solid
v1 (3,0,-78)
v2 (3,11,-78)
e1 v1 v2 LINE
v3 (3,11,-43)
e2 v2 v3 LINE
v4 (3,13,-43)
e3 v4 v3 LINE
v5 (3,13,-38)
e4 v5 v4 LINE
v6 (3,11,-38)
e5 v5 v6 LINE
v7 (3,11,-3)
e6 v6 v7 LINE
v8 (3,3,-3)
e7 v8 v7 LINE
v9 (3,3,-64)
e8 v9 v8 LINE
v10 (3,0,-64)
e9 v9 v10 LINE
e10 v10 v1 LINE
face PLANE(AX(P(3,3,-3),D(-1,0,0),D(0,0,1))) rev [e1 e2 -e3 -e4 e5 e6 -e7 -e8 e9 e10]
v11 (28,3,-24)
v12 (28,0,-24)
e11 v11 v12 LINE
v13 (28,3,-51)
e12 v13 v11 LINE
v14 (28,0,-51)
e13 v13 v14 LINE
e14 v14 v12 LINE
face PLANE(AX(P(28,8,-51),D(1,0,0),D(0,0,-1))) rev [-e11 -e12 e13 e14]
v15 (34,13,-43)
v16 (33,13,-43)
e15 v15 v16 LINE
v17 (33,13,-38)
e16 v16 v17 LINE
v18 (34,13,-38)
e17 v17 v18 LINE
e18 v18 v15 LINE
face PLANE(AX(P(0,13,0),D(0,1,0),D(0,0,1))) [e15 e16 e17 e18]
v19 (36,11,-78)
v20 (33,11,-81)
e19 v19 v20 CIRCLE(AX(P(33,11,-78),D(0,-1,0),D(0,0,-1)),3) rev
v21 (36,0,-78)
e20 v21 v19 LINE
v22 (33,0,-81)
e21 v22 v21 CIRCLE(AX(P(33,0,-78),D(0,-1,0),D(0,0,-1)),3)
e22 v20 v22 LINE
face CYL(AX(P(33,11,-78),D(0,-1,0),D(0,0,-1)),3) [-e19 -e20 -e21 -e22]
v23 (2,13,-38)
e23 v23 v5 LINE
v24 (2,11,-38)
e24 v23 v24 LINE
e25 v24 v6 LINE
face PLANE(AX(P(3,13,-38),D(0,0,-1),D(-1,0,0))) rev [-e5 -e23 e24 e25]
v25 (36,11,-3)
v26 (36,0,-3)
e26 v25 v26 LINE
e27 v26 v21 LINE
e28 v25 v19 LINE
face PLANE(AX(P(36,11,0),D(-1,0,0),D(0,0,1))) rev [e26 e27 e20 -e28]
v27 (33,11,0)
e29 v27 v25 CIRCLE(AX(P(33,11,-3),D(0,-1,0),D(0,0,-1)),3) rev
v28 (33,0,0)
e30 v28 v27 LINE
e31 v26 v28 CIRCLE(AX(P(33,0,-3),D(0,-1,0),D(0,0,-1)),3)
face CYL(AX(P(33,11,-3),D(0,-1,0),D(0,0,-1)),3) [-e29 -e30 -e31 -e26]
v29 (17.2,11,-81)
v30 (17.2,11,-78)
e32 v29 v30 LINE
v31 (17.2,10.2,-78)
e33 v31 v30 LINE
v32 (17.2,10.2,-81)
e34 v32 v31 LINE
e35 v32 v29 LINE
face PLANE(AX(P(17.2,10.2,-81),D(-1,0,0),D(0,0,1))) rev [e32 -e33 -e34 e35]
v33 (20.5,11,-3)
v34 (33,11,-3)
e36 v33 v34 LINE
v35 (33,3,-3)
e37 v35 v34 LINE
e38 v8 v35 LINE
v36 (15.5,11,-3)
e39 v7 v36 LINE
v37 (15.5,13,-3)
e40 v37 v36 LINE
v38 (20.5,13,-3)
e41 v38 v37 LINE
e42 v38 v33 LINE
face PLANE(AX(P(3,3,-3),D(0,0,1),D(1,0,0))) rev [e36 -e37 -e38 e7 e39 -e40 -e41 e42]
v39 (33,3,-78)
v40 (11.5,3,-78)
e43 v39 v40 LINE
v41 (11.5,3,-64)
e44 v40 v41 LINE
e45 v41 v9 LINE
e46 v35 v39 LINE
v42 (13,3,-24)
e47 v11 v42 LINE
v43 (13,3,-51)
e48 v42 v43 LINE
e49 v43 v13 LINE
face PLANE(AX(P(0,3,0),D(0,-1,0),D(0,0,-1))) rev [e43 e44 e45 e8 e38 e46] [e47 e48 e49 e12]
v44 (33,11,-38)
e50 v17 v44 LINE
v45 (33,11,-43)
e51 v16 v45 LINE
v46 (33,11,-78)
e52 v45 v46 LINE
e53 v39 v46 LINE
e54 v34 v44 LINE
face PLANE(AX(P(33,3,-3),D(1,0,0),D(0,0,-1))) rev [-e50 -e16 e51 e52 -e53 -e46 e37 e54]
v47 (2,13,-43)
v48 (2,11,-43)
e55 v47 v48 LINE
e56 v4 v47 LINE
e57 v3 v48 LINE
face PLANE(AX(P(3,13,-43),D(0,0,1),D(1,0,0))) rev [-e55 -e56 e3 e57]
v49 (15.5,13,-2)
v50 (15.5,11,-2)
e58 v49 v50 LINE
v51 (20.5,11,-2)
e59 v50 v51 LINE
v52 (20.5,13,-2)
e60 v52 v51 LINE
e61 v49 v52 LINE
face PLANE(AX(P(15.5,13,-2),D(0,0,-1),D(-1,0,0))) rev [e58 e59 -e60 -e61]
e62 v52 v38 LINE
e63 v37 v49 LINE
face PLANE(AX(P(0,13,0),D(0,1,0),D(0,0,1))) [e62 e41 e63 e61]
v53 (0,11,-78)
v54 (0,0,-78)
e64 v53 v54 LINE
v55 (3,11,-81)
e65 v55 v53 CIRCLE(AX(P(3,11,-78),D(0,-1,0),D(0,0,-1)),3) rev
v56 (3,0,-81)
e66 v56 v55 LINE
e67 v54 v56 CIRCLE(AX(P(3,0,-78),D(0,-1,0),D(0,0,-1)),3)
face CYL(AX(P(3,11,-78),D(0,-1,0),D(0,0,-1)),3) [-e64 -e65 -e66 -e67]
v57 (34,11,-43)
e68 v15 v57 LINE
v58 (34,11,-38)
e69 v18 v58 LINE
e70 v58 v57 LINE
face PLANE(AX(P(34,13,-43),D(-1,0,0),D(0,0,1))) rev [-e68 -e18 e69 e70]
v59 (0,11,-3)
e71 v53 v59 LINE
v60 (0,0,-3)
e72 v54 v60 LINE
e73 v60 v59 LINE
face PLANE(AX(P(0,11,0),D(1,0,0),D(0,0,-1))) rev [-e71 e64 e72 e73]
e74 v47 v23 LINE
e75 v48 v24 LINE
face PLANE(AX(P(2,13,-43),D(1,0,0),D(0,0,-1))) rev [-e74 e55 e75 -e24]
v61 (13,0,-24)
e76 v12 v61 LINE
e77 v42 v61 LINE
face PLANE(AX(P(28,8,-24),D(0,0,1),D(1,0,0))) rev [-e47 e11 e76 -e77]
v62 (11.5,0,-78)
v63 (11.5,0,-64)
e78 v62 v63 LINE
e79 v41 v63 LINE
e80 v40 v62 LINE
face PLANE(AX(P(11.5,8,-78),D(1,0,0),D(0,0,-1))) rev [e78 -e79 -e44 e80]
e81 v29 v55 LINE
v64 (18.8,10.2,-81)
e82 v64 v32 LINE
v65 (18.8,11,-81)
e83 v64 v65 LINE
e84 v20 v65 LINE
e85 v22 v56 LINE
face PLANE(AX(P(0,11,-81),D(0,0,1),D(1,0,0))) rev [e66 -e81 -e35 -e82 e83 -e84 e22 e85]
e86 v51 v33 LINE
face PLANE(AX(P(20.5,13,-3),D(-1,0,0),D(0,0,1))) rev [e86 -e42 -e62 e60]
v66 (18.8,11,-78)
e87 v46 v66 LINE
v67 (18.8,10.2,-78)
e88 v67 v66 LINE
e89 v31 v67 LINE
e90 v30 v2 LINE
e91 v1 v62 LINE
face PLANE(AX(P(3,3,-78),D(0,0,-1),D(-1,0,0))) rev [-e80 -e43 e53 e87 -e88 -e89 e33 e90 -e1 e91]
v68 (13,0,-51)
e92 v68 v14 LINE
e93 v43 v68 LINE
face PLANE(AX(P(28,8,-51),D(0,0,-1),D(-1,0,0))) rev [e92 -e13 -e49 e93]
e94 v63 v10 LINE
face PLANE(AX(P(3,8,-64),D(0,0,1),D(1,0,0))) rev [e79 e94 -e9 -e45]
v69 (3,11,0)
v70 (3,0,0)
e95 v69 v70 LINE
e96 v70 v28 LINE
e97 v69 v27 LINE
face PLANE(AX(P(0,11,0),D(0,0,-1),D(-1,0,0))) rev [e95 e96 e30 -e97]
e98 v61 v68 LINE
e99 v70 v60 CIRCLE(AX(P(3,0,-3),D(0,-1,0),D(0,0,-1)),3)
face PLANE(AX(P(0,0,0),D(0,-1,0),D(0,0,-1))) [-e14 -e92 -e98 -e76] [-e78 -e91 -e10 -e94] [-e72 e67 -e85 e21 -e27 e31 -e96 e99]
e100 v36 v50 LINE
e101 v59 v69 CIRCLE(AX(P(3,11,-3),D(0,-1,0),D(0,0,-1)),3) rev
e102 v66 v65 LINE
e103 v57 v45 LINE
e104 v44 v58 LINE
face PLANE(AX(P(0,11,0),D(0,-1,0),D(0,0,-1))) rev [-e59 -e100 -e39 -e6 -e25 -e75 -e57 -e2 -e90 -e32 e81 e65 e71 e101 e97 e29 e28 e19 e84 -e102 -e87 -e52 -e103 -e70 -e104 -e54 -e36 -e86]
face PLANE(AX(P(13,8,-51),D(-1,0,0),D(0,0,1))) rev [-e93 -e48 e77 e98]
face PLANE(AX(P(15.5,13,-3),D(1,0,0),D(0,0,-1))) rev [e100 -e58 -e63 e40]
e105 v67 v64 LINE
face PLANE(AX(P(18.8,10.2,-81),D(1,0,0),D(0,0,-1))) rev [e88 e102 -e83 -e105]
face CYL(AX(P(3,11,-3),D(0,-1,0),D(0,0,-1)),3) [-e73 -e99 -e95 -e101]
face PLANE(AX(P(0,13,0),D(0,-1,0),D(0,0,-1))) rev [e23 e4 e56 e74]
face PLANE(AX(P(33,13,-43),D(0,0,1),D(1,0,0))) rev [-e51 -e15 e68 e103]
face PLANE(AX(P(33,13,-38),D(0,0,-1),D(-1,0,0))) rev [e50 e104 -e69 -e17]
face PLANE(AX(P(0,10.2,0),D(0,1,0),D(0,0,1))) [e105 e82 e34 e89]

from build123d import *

# Parameters (mm, degrees)
SKETCH1_W           = 36
SKETCH1_H           = 81
BOSS_EXTRUDE1_DEPTH = 11
SKETCH2_W           = 30
SKETCH2_H           = 75
CUT_EXTRUDE1_DEPTH  = 8
FILLET1_R           = 3
SKETCH3_W           = 1.6
SKETCH3_H           = 3
CUT_EXTRUDE2_DEPTH  = 0.8
SKETCH4_W           = 1
SKETCH4_H           = 5
SKETCH4_W_2         = 5
SKETCH4_H_2         = 1
BOSS_EXTRUDE2_DEPTH = 2
SKETCH5_W           = 8.5
SKETCH5_H           = 14
SKETCH5_W_2         = 15
SKETCH5_H_2         = 27
CUT_EXTRUDE4_DEPTH  = 8


with BuildPart() as part:
    # Sketch1 → Boss-Extrude1 (new body)
    with BuildSketch(Plane(origin=(0, 0, 0), x_dir=(1, 0, 0), z_dir=(0, 1, 0))):
        with Locations((18, 40.5)):
            Rectangle(SKETCH1_W, SKETCH1_H)
    extrude(amount=BOSS_EXTRUDE1_DEPTH)

    # Sketch2 → Cut-Extrude1 (cut)
    with BuildSketch(Plane(origin=(0, 11, 0), x_dir=(1, 0, 0), z_dir=(0, 1, 0))):
        with Locations((18, 40.5)):
            Rectangle(SKETCH2_W, SKETCH2_H)
    extrude(amount=-CUT_EXTRUDE1_DEPTH, mode=Mode.SUBTRACT)

    # Fillet1
    fillet1_edges = [part.edges().sort_by_distance(p)[0] for p in [
        (0, 5.5, -81),
        (36, 5.5, -81),
        (36, 5.5, 0),
        (0, 5.5, 0),
    ]]
    fillet(fillet1_edges, radius=FILLET1_R)

    # Sketch3 → Cut-Extrude2 (cut)
    with BuildSketch(Plane(origin=(0, 11, 0), x_dir=(1, 0, 0), z_dir=(0, 1, 0))):
        with Locations((18, 79.5)):
            Rectangle(SKETCH3_W, SKETCH3_H)
    extrude(amount=-CUT_EXTRUDE2_DEPTH, mode=Mode.SUBTRACT)

    # Sketch4 → Boss-Extrude2 (add)
    with BuildSketch(Plane(origin=(0, 11, 0), x_dir=(1, 0, 0), z_dir=(0, 1, 0))):
        with Locations((2.5, 40.5)):
            Rectangle(SKETCH4_W, SKETCH4_H)
        with Locations((33.5, 40.5)):
            Rectangle(SKETCH4_W, SKETCH4_H)
        with Locations((18, 2.5)):
            Rectangle(SKETCH4_W_2, SKETCH4_H_2)
    extrude(amount=BOSS_EXTRUDE2_DEPTH)

    # Sketch5 → Cut-Extrude4 (cut)
    with BuildSketch(Plane.XZ):
        with Locations((7.25, -71)):
            Rectangle(SKETCH5_W, SKETCH5_H)
        with Locations((20.5, -37.5)):
            Rectangle(SKETCH5_W_2, SKETCH5_H_2)
    extrude(amount=-CUT_EXTRUDE4_DEPTH, mode=Mode.SUBTRACT)


solid = part.part
